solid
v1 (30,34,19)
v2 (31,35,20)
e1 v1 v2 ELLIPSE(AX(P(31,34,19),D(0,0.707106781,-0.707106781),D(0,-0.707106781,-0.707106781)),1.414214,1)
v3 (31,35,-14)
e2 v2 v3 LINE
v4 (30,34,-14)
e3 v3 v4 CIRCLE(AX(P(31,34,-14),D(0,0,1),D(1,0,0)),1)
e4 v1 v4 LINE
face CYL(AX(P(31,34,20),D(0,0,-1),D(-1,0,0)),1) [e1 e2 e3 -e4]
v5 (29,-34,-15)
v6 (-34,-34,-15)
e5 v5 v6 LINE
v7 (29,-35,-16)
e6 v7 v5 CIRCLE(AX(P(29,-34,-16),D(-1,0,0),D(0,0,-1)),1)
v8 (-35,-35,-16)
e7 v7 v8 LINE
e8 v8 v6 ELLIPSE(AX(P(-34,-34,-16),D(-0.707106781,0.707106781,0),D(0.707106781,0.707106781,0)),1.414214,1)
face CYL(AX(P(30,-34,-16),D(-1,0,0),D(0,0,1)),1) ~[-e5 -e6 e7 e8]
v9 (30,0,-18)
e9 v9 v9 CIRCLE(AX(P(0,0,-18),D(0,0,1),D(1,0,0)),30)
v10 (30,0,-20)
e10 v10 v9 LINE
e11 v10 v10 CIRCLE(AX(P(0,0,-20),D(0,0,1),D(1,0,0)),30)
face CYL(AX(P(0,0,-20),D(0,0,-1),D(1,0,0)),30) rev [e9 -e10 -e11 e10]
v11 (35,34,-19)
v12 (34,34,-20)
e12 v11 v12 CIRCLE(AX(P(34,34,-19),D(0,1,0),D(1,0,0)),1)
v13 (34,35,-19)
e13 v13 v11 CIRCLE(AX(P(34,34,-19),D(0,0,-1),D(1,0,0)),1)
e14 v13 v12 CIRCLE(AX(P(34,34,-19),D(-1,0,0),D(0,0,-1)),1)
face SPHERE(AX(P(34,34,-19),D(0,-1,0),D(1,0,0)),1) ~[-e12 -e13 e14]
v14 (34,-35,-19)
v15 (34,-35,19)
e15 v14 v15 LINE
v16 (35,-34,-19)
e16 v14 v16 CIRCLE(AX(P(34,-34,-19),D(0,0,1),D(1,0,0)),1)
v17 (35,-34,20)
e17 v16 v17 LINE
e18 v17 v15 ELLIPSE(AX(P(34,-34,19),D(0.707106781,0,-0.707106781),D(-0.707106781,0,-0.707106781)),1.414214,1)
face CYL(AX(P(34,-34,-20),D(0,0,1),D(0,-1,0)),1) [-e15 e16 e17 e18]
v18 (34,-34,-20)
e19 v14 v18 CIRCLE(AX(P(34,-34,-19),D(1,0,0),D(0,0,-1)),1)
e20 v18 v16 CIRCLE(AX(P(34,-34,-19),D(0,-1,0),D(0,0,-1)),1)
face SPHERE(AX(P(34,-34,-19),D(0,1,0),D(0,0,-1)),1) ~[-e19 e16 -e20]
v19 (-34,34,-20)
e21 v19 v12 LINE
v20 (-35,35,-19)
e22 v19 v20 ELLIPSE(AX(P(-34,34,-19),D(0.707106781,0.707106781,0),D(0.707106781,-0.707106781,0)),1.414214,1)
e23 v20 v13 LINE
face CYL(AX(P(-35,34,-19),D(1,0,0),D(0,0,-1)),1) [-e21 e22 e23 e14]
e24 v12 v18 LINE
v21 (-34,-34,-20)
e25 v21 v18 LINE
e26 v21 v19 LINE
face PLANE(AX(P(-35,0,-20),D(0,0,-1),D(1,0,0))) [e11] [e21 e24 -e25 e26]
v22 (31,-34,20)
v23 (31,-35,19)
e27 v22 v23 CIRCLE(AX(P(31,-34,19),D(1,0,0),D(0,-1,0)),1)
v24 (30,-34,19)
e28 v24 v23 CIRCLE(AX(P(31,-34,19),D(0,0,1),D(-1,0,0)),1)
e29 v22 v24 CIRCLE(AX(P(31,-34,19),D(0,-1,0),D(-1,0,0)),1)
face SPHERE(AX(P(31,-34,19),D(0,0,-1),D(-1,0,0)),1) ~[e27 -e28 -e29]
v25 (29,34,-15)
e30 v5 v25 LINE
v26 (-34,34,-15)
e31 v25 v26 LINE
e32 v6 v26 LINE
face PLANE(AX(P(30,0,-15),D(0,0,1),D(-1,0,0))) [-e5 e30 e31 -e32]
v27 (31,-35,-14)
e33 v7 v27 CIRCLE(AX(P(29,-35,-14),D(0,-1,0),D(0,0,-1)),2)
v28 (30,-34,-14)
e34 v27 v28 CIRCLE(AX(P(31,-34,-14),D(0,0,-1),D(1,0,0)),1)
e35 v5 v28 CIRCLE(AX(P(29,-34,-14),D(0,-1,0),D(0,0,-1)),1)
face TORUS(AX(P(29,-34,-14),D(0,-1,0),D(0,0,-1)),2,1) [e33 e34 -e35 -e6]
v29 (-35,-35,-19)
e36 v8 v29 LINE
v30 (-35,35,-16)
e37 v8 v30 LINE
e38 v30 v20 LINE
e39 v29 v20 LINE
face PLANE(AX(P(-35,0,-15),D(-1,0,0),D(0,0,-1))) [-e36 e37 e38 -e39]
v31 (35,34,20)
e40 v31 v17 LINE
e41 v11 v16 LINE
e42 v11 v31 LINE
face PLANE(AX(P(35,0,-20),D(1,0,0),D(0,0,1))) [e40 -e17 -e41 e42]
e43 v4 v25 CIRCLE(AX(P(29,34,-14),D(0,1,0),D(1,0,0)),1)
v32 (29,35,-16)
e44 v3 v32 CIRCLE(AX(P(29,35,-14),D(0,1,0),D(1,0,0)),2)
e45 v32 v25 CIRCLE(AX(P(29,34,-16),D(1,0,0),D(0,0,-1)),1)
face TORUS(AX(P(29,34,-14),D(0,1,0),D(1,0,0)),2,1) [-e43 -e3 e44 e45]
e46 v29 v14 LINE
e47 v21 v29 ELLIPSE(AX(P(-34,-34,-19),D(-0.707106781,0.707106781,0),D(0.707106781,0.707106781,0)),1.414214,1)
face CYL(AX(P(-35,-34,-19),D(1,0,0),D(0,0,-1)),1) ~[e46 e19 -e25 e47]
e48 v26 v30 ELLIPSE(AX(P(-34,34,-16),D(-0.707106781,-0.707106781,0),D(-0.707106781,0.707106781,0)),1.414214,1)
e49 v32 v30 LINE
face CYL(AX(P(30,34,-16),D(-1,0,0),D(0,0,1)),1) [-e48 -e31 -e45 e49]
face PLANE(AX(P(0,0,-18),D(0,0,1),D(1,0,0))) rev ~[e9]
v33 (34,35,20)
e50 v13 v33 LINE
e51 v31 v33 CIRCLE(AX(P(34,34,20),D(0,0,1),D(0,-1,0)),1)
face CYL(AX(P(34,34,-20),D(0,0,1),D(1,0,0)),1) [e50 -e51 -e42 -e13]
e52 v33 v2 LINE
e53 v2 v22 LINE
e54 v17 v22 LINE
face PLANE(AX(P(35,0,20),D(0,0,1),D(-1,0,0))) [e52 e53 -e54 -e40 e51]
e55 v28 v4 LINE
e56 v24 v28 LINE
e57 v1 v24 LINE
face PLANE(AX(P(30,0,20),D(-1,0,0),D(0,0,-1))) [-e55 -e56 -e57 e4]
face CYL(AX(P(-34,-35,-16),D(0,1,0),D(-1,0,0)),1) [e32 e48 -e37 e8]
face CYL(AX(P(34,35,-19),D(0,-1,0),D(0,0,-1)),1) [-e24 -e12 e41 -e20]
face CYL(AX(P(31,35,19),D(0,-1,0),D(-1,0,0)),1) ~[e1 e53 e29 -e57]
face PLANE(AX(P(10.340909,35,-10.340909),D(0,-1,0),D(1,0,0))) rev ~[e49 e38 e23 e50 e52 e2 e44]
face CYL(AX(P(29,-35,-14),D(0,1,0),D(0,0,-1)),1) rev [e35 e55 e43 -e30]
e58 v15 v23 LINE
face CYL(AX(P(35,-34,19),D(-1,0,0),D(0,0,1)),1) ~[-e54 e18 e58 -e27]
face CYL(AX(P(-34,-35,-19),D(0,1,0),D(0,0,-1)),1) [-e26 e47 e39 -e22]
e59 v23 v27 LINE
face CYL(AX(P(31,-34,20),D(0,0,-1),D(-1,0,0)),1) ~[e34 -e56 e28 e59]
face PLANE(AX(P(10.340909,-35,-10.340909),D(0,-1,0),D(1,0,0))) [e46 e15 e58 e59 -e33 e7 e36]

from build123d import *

# Parameters (mm, degrees)
PAD_DEPTH      = 35
PAD_DEPTH_BACK = 35
FILLET_R       = 1
SKETCH001_R    = 30
POCKET_DEPTH   = 2


with BuildPart() as part:
    # Sketch → Pad (new body, two sides)
    with BuildSketch(Plane.XZ) as pad_sk:
        Polygon((-35, -20), (35, -20), (35, 20), (30, 20), (30, -15), (-35, -15), align=None)
    extrude(amount=PAD_DEPTH)
    extrude(pad_sk.sketch, amount=-PAD_DEPTH_BACK)

    # Fillet
    fillet_edges = [part.edges().sort_by_distance(p)[0] for p in [
        (35, 0, -20),
        (-2.5, 35, -15),
        (35, 35, 0),
        (0, 35, -20),
        (-35, 0, -20),
        (-35, 0, -15),
        (-2.5, -35, -15),
        (0, -35, -20),
        (30, -35, 2.5),
        (30, 0, -15),
        (30, 35, 2.5),
        (30, 0, 20),
        (32.5, -35, 20),
        (35, -35, 0),
    ]]
    fillet(fillet_edges, radius=FILLET_R)

    # Sketch001 → Pocket (cut)
    with BuildSketch(Plane.XY.offset(-20)):
        Circle(SKETCH001_R)
    extrude(amount=POCKET_DEPTH, mode=Mode.SUBTRACT)


solid = part.part
